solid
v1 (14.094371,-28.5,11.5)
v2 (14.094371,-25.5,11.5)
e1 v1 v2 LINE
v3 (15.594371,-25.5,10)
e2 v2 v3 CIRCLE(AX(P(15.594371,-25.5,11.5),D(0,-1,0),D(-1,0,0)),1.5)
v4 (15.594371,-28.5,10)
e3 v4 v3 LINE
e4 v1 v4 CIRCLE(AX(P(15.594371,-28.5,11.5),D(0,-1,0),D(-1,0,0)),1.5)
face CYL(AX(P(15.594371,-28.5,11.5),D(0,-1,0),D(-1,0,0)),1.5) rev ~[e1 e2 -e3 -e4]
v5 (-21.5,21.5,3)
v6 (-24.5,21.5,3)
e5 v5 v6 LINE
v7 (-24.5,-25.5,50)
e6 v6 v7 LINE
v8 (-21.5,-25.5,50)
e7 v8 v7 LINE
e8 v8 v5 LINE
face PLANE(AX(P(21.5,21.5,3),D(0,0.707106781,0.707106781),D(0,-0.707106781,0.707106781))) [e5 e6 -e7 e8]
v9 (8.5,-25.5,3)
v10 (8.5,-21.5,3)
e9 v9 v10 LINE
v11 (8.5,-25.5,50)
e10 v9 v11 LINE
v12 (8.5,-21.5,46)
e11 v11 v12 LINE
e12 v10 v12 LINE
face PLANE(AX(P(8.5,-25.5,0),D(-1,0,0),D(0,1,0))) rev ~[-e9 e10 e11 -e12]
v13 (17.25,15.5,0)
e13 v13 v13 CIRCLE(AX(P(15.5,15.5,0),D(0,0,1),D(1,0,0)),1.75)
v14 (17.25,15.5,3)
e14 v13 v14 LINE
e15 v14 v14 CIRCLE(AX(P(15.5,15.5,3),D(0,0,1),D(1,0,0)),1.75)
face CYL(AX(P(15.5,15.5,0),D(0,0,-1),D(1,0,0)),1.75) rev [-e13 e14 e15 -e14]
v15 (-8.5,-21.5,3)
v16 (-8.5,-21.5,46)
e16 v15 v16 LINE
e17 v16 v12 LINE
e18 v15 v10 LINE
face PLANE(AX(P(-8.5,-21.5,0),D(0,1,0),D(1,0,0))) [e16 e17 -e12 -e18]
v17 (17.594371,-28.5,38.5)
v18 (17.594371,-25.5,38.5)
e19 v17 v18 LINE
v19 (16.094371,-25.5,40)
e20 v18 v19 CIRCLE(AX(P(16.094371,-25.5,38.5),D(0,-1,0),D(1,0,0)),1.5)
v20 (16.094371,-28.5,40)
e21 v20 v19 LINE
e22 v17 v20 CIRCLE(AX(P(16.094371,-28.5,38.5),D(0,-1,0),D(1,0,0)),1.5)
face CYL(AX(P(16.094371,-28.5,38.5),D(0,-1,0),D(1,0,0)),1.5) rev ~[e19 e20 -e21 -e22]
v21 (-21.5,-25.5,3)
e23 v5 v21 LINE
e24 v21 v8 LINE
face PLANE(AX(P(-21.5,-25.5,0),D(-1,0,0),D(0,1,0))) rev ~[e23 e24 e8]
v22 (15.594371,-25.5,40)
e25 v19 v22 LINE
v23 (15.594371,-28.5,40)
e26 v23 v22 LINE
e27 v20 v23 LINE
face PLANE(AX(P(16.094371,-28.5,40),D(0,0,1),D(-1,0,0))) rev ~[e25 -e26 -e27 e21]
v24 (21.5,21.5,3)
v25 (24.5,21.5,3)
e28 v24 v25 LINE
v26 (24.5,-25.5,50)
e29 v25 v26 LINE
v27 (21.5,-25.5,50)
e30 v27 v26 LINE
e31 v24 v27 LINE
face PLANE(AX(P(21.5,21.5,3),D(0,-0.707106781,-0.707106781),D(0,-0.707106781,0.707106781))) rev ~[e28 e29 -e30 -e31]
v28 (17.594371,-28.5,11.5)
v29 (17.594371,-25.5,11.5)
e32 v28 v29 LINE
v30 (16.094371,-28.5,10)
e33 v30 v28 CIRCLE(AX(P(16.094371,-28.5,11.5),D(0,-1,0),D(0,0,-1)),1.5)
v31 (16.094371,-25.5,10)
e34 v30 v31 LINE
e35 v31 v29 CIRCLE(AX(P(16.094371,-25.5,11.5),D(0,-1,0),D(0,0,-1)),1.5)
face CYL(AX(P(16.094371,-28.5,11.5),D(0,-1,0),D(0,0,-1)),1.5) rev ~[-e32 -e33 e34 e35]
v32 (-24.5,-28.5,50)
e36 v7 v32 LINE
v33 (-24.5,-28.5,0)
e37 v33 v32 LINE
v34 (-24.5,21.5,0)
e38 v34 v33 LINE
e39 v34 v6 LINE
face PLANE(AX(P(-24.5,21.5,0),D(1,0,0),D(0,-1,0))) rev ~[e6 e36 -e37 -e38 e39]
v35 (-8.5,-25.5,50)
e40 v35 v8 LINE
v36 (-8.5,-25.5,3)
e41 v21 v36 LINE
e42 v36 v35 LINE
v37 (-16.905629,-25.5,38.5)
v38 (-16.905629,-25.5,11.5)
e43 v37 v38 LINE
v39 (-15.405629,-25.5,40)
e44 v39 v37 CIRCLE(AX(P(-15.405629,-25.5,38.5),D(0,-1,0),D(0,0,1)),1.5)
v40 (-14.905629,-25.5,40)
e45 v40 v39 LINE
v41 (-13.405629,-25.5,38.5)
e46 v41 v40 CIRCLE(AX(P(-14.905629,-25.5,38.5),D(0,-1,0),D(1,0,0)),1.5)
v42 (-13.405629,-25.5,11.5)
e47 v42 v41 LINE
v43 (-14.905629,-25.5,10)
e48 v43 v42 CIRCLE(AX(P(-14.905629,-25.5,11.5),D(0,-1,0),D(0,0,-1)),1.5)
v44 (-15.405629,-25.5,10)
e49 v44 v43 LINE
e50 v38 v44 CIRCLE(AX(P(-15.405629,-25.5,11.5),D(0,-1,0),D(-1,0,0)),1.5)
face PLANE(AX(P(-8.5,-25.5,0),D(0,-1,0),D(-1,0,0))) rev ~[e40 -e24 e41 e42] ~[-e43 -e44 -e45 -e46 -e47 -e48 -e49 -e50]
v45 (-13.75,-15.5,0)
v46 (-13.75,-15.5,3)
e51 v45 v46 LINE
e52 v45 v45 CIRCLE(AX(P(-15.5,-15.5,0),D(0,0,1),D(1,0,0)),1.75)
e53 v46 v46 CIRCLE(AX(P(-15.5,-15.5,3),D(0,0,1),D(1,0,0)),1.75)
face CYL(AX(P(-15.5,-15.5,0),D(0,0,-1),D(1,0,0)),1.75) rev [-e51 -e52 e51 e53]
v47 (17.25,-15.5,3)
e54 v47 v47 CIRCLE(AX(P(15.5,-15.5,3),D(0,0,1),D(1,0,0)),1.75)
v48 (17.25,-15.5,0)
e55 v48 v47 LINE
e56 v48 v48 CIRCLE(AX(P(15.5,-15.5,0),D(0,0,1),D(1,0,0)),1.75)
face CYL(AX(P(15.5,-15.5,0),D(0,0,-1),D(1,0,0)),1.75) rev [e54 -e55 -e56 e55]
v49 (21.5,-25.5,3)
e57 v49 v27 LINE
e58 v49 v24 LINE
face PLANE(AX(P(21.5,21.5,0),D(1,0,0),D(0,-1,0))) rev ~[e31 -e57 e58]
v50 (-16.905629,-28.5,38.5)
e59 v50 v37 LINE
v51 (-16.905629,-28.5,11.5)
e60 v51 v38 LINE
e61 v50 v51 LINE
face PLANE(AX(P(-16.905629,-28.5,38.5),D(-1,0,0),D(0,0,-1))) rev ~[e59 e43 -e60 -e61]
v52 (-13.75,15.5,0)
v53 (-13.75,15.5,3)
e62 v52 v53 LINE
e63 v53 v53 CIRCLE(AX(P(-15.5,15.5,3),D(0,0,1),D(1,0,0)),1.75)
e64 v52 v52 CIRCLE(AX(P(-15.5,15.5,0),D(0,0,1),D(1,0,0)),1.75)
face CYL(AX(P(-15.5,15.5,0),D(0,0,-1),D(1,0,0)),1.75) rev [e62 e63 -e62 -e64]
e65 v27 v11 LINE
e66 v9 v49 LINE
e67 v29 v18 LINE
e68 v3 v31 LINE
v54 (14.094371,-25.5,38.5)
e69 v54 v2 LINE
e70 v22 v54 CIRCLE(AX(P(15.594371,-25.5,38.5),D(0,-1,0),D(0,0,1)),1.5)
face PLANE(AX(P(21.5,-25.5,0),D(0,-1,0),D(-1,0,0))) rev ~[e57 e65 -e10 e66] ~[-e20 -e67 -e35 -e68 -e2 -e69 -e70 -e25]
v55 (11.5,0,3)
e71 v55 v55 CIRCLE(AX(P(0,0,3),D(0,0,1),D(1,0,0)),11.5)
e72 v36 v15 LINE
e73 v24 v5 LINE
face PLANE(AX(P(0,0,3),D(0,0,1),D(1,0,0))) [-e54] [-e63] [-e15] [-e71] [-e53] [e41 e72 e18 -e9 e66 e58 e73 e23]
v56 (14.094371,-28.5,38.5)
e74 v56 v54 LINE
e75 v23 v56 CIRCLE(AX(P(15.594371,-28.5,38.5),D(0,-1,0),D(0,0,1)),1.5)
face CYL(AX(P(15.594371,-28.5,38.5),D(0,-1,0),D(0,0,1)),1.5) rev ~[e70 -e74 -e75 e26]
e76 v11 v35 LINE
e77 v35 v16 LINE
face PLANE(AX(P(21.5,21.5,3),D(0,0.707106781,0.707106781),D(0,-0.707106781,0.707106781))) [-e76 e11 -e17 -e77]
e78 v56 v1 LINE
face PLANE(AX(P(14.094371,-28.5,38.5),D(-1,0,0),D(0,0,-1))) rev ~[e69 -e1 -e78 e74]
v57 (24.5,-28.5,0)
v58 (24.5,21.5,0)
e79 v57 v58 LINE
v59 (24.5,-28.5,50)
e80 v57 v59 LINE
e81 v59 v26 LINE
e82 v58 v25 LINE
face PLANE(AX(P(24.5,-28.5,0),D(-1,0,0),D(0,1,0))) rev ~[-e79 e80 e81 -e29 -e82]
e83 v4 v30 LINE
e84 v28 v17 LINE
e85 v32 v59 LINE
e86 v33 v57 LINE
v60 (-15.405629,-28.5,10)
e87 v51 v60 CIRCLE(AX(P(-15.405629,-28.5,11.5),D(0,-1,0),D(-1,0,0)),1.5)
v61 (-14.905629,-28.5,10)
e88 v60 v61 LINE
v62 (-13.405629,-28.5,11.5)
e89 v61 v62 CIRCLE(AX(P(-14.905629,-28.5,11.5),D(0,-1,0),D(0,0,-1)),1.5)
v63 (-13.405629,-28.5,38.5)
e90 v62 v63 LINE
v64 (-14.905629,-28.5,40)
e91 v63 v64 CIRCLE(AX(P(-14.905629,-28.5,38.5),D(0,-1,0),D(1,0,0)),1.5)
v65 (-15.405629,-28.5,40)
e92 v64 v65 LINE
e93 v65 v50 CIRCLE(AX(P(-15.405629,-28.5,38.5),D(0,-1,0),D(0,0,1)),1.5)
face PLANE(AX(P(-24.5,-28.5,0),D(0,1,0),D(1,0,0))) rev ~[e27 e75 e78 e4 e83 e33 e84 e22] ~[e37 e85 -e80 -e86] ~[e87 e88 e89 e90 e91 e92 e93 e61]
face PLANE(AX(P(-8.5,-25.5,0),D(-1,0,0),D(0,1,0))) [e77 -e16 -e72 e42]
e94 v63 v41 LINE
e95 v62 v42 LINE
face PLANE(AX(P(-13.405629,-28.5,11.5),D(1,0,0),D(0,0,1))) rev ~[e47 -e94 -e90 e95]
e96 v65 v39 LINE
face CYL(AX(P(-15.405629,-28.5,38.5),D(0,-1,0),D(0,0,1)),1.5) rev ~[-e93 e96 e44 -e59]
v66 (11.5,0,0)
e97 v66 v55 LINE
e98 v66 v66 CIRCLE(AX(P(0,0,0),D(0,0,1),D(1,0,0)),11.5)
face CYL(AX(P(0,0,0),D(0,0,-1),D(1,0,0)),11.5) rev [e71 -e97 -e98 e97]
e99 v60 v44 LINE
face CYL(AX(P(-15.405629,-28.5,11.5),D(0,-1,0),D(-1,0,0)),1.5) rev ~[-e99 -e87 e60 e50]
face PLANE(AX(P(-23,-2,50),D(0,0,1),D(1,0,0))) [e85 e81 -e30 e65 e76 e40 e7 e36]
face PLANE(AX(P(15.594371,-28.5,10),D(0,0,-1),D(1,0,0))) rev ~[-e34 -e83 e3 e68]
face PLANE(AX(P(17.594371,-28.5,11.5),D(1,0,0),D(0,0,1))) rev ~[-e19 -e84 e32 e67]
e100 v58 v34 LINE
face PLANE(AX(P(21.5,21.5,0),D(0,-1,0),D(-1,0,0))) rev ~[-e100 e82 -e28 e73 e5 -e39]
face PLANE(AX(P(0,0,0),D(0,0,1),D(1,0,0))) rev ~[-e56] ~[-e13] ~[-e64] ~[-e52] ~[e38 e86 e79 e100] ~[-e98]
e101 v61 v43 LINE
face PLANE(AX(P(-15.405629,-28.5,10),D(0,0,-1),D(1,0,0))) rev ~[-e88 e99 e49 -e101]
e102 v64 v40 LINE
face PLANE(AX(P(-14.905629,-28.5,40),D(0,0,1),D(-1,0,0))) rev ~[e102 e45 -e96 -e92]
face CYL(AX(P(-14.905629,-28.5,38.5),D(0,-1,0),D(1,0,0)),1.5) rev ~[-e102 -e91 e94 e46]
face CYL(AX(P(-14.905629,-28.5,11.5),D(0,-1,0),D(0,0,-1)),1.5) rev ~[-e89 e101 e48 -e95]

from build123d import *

# Parameters (mm, degrees)
F0_W          = 17
F0_H          = 4
F1_DEPTH      = 50
F0_R          = 1.75
F0_R_2        = 11.5
F0_W_2        = 13
F2_DEPTH      = 3
F4_DEPTH      = 5
F4_DEPTH_BACK = 50
F6_DEPTH      = 3


with BuildPart() as f1:
    # F0 (on Top) → F1 (new body)
    with BuildSketch(Plane.XY):
        Polygon((-21.5, -21.5), (-21.5, 21.5), (-24.5, 21.5), (-24.5, -25.5), (-21.5, -25.5), align=None)
        Polygon((24.5, -25.5), (21.5, -25.5), (8.5, -25.5), (-8.5, -25.5), (-21.5, -25.5), (-24.5, -25.5), (-24.5, -28.5), (24.5, -28.5), align=None)
        Polygon((24.5, 21.5), (21.5, 21.5), (21.5, -21.5), (21.5, -25.5), (24.5, -25.5), align=None)
        with Locations((0, -23.5)):
            Rectangle(F0_W, F0_H)
    extrude(amount=F1_DEPTH)

    # F0 (on Top) → F2 (join)
    with BuildSketch(Plane.XY):
        Polygon((21.5, -21.5), (21.5, 21.5), (-21.5, 21.5), (-21.5, -21.5), (-8.5, -21.5), (8.5, -21.5), align=None)
        with Locations((-15.5, -15.5)):
            Circle(F0_R, mode=Mode.SUBTRACT)
        with Locations((15.5, -15.5)):
            Circle(F0_R, mode=Mode.SUBTRACT)
        Circle(F0_R_2, mode=Mode.SUBTRACT)
        with Locations((-15.5, 15.5)):
            Circle(F0_R, mode=Mode.SUBTRACT)
        with Locations((15.5, 15.5)):
            Circle(F0_R, mode=Mode.SUBTRACT)
        with Locations((15, -23.5)):
            Rectangle(F0_W_2, F0_H)
        with Locations((-15, -23.5)):
            Rectangle(F0_W_2, F0_H)
    extrude(amount=F2_DEPTH)

    # F3 (on face) → F4 (cut, two sides)
    with BuildSketch(Plane(origin=(21.5, 0, 0), x_dir=(0, -1, 0), z_dir=(-1, 0, 0))) as f4_sk:
        Polygon((-21.5, 3), (25.5, 50), (-21.5, 50), align=None)
    extrude(amount=-F4_DEPTH, mode=Mode.SUBTRACT)
    extrude(f4_sk.sketch, amount=F4_DEPTH_BACK, mode=Mode.SUBTRACT)

    # F5 (on face) → F6 (cut)
    with BuildSketch(Plane.XZ.offset(28.5)):
        with BuildLine():
            ThreePointArc((17.5943711698, 38.5), (17.1550313416, 39.5606601718), (16.0943711698, 40))
            Line((16.0943711698, 40), (15.5943711698, 40))
            ThreePointArc((15.5943711698, 40), (14.533710998, 39.5606601718), (14.0943711698, 38.5))
            Line((14.0943711698, 38.5), (14.0943711698, 11.5))
            ThreePointArc((14.0943711698, 11.5), (14.533710998, 10.4393398282), (15.5943711698, 10))
            Line((15.5943711698, 10), (16.0943711698, 10))
            ThreePointArc((16.0943711698, 10), (17.1550313416, 10.4393398282), (17.5943711698, 11.5))
            Line((17.5943711698, 11.5), (17.5943711698, 38.5))
        make_face()
        with BuildLine():
            Line((-13.4056288302, 11.5), (-13.4056288302, 38.5))
            ThreePointArc((-13.4056288302, 38.5), (-13.8449686584, 39.5606601718), (-14.9056288302, 40))
            Line((-14.9056288302, 40), (-15.4056288302, 40))
            ThreePointArc((-15.4056288302, 40), (-16.466289002, 39.5606601718), (-16.9056288302, 38.5))
            Line((-16.9056288302, 38.5), (-16.9056288302, 11.5))
            ThreePointArc((-16.9056288302, 11.5), (-16.466289002, 10.4393398282), (-15.4056288302, 10))
            Line((-15.4056288302, 10), (-14.9056288302, 10))
            ThreePointArc((-14.9056288302, 10), (-13.8449686584, 10.4393398282), (-13.4056288302, 11.5))
        make_face()
    extrude(amount=-F6_DEPTH, mode=Mode.SUBTRACT)


with BuildPart() as f7_1:
    # F7: copy of F1
    add(f1.part)


with BuildPart() as f9_1:
    # F9: copy of F1
    add(f1.part)


solid = f1.part
